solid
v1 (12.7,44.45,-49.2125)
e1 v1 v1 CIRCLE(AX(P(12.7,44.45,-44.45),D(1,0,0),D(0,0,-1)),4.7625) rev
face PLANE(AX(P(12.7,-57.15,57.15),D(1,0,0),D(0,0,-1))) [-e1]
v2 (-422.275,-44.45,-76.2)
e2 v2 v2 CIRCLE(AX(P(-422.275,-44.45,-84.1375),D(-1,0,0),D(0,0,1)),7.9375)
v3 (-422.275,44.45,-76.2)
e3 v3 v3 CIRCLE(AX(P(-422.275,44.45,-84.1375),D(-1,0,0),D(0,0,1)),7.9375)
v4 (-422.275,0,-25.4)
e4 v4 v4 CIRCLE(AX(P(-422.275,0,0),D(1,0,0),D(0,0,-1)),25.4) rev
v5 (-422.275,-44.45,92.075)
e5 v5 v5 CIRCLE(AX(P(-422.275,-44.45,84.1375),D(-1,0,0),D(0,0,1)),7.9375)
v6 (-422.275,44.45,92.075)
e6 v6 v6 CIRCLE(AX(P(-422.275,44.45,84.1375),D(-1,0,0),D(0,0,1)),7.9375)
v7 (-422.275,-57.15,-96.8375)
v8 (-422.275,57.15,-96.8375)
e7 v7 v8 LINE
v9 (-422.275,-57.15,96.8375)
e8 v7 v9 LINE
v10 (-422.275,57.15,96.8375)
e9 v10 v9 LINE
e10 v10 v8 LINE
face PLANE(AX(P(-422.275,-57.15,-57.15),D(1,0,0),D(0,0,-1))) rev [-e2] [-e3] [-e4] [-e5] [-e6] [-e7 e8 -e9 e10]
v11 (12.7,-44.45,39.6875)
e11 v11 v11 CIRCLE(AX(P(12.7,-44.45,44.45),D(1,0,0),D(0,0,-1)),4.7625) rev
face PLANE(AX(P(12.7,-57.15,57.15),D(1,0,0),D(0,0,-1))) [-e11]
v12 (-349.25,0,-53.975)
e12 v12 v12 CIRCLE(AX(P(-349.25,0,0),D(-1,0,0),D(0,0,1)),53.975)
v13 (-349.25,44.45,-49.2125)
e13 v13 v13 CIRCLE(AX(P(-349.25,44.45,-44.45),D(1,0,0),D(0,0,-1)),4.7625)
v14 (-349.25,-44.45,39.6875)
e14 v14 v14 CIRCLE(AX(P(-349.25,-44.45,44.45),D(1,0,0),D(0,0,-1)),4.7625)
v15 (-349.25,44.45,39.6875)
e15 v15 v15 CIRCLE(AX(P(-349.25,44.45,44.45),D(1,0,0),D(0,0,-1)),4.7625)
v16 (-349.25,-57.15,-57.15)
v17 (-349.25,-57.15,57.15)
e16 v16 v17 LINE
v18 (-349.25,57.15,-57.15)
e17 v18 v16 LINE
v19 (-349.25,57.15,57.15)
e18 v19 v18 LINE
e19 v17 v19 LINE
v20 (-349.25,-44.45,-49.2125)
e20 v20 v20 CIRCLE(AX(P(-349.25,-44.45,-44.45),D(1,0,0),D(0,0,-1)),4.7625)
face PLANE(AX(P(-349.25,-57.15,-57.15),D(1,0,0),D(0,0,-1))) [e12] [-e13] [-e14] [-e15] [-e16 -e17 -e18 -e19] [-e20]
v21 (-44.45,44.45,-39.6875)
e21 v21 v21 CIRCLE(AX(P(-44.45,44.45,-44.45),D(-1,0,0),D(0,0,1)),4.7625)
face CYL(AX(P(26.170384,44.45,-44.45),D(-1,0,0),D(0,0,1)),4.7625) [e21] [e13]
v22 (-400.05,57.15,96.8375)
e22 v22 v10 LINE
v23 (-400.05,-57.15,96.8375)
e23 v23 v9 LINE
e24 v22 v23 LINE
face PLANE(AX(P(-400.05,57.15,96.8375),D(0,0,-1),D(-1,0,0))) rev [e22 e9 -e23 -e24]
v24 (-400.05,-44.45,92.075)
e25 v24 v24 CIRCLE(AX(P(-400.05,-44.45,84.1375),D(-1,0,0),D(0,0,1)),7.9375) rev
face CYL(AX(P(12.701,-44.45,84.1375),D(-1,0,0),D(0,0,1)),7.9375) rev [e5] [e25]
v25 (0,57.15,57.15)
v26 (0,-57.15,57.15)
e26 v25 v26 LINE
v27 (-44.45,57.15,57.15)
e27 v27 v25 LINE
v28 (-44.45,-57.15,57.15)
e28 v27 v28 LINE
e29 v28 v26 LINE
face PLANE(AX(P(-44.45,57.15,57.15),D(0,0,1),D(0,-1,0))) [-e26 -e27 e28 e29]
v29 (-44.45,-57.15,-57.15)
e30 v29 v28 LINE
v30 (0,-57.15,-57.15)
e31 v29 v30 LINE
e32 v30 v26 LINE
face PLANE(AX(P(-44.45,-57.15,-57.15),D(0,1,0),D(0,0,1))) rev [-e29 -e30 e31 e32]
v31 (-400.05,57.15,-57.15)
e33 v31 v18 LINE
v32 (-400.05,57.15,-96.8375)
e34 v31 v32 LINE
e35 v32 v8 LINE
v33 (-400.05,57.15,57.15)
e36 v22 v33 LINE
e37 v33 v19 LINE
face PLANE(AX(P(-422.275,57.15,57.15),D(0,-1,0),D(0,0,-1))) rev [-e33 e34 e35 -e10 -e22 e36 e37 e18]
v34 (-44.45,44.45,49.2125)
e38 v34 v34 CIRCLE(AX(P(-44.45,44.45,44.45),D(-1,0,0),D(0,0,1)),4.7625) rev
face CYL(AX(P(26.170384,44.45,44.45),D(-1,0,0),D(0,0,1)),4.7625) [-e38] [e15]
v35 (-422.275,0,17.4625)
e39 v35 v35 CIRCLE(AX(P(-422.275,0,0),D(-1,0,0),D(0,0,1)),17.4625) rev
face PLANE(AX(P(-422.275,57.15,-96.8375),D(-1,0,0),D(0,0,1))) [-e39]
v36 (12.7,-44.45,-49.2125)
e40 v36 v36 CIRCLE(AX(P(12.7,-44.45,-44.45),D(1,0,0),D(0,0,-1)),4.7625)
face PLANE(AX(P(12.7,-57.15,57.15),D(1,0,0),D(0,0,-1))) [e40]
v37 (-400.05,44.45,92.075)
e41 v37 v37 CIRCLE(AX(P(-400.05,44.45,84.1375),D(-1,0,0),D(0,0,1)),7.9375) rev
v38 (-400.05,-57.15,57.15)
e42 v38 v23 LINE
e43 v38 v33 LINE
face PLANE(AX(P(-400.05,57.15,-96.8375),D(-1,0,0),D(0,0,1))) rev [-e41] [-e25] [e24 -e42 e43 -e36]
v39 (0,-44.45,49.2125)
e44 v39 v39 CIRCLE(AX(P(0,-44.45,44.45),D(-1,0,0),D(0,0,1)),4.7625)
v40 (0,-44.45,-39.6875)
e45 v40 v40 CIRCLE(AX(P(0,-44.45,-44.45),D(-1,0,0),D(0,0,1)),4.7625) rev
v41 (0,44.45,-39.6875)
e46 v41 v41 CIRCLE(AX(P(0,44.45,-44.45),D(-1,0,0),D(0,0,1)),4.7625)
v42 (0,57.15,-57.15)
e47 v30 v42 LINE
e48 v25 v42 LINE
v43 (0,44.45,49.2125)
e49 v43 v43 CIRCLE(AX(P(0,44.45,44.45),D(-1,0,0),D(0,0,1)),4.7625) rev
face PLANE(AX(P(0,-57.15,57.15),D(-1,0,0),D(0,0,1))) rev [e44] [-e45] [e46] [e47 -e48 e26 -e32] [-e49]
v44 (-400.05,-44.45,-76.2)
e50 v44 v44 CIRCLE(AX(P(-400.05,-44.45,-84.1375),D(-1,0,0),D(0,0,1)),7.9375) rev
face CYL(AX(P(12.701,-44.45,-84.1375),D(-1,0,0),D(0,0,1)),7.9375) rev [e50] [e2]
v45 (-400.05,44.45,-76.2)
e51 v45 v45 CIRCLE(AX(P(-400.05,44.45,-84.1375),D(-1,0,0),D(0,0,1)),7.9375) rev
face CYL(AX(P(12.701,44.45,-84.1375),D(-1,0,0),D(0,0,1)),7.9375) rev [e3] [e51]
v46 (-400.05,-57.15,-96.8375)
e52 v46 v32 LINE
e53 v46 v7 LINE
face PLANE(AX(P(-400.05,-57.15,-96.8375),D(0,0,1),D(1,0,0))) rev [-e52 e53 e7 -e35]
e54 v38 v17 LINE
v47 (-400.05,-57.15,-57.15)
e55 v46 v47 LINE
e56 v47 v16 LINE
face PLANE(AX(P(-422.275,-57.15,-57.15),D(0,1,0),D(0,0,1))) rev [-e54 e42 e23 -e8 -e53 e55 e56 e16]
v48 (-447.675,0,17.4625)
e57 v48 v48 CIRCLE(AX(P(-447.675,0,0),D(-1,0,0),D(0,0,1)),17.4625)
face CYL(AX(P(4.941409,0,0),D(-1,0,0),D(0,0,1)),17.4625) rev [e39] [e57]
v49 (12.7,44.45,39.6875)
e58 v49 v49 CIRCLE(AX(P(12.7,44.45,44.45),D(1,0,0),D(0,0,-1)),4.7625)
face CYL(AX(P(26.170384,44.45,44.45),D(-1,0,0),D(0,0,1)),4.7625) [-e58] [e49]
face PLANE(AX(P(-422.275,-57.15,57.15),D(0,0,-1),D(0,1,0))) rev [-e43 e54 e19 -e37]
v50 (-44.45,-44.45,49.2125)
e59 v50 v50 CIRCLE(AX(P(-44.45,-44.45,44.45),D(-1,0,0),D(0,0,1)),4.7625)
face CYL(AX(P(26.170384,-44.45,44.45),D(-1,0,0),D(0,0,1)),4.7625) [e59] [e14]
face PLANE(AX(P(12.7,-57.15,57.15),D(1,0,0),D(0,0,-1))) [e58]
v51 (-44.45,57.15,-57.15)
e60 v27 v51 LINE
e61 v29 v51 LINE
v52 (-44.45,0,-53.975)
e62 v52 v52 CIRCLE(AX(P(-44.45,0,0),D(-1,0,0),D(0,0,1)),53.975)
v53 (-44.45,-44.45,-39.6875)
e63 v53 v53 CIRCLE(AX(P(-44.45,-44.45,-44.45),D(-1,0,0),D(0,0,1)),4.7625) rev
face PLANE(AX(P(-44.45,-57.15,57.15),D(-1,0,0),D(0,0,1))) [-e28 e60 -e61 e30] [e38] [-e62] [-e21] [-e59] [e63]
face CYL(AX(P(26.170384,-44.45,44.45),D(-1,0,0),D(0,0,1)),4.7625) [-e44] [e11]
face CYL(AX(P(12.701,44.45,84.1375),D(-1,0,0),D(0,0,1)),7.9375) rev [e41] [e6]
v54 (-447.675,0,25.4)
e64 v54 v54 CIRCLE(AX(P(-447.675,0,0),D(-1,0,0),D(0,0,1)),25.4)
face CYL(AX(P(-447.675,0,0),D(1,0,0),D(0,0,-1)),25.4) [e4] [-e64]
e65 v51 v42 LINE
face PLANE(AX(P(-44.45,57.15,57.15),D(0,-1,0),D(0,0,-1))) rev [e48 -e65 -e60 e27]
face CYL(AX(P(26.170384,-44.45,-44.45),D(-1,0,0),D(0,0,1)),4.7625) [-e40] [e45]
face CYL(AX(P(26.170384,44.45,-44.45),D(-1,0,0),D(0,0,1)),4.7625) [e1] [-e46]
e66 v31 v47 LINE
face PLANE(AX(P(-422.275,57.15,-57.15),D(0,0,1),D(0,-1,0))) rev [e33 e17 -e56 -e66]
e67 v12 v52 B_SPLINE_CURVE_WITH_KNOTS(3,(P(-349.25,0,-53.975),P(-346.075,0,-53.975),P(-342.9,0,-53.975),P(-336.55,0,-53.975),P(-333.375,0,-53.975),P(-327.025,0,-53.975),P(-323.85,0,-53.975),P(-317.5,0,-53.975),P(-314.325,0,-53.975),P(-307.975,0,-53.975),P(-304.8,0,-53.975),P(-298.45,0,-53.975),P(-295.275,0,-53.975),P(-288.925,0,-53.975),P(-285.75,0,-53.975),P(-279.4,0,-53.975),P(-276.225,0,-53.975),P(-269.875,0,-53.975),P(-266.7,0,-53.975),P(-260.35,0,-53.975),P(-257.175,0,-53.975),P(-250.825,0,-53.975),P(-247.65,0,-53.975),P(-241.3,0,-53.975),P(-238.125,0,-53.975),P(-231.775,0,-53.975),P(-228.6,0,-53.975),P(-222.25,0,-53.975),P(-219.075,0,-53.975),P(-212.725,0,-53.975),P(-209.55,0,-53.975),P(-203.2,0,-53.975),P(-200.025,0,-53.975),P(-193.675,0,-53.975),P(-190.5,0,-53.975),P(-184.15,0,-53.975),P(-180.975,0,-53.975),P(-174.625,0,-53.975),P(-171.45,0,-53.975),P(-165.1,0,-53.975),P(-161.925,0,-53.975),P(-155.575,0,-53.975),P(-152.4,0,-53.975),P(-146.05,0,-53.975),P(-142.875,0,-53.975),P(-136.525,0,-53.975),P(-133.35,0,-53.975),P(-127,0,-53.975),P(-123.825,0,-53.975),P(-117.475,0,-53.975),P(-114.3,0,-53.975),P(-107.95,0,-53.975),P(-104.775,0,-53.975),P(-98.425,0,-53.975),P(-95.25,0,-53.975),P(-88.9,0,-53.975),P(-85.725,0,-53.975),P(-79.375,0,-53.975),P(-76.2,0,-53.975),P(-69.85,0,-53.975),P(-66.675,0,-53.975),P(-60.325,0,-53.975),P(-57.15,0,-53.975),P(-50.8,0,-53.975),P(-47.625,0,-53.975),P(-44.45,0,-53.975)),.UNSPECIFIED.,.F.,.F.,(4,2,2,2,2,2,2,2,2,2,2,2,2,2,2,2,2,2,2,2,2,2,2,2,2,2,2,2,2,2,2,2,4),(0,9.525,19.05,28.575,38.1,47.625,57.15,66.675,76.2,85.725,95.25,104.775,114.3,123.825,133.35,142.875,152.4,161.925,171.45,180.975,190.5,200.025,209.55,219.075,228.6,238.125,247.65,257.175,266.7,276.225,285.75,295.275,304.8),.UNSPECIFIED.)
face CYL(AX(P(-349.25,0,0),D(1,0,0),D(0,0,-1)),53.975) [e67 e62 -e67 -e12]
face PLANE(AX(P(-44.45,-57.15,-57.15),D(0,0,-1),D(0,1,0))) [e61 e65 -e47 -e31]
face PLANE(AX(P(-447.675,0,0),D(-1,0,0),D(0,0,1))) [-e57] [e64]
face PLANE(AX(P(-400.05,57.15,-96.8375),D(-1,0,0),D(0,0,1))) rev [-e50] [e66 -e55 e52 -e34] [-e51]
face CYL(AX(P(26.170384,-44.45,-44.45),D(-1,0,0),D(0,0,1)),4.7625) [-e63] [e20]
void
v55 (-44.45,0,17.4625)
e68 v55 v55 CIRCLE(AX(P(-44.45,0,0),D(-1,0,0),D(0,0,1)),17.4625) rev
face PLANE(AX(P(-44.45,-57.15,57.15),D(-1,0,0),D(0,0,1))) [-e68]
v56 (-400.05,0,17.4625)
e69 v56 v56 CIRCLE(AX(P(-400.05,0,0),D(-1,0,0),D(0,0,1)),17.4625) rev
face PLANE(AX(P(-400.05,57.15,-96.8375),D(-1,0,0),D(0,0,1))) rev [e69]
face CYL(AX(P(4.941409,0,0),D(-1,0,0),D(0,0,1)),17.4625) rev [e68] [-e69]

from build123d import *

# Parameters (mm, degrees)
SKETCH1_W            = 114.3
SKETCH1_H            = 114.3
BASE_EXTRUDE_DEPTH   = 44.45
SKETCH2_R            = 53.975
BOSS_EXTRUDE1_DEPTH  = 304.8
SKETCH3_W            = 114.3
SKETCH3_H            = 114.3
BOSS_EXTRUDE2_DEPTH  = 73.025
SKETCH4_R            = 25.4
BOSS_EXTRUDE3_DEPTH  = 25.4
CUT_EXTRUDE1_START   = -403.225
SKETCH5_R            = 17.4625
CUT_EXTRUDE1_DEPTH   = 403.225
SKETCH6_R            = 4.7625
BOSS_EXTRUDE4_DEPTH  = 361.95
SKETCH7_W            = 193.675
SKETCH7_H            = 114.3
BOSS_EXTRUDE5_DEPTH  = 22.225
CUT_EXTRUDE2_REACH   = 451.274
SKETCH8_R            = 7.9375
LPATTERN2_COUNT      = 2
LPATTERN2_PITCH      = 168.275
LPATTERN2_COUNT_DIR2 = 2
LPATTERN2_PITCH_DIR2 = 88.9


with BuildPart() as part:
    # Sketch1 → Base-Extrude (new body)
    with BuildSketch(Plane(origin=(0, 0, 0), x_dir=(0, 0, -1), z_dir=(1, 0, 0))):
        Rectangle(SKETCH1_W, SKETCH1_H)
    extrude(amount=-BASE_EXTRUDE_DEPTH)

    # Sketch2 → Boss-Extrude1 (add)
    with BuildSketch(Plane.ZY.offset(44.45)):
        with Locations(Location((0, 0, 0), (0, 0, 180))):
            Circle(SKETCH2_R)
    extrude(amount=BOSS_EXTRUDE1_DEPTH)

    # Sketch3 → Boss-Extrude2 (add)
    with BuildSketch(Plane.ZY.offset(349.25)):
        Rectangle(SKETCH3_W, SKETCH3_H)
    extrude(amount=BOSS_EXTRUDE2_DEPTH)

    # Sketch4 → Boss-Extrude3 (add)
    with BuildSketch(Plane.ZY.offset(422.275)):
        with Locations(Location((0, 0, 0), (0, 0, 180))):
            Circle(SKETCH4_R)
    extrude(amount=BOSS_EXTRUDE3_DEPTH)

    # Sketch5 → Cut-Extrude1 (cut)
    with BuildSketch(Plane.ZY.offset(447.675).offset(CUT_EXTRUDE1_START)):
        Circle(SKETCH5_R)
    extrude(amount=CUT_EXTRUDE1_DEPTH, mode=Mode.SUBTRACT)

    # Sketch6 → Boss-Extrude4 (add)
    with BuildSketch(Plane(origin=(-349.25, 0, 0), x_dir=(0, 0, -1), z_dir=(1, 0, 0))):
        with Locations(Location((-44.45, 44.45, 0), (0, 0, 180))):
            Circle(SKETCH6_R)
        with Locations(Location((44.45, 44.45, 0), (0, 0, 180))):
            Circle(SKETCH6_R)
        with Locations(Location((44.45, -44.45, 0), (0, 0, 180))):
            Circle(SKETCH6_R)
        with Locations(Location((-44.45, -44.45, 0), (0, 0, 180))):
            Circle(SKETCH6_R)
    extrude(amount=BOSS_EXTRUDE4_DEPTH)

    # Sketch7 → Boss-Extrude5 (add)
    with BuildSketch(Plane.ZY.offset(422.275)):
        Rectangle(SKETCH7_W, SKETCH7_H)
    extrude(amount=-BOSS_EXTRUDE5_DEPTH)

    # Sketch8 → Cut-Extrude2 (cut, up to next)
    with BuildSketch(Plane.ZY.offset(422.275), mode=Mode.PRIVATE) as cut_extrude2_sk1:
        with Locations((84.1375, -44.45)):
            Circle(SKETCH8_R)
    cut_extrude2_tool1 = extrude(cut_extrude2_sk1.sketch, amount=-CUT_EXTRUDE2_REACH, mode=Mode.PRIVATE) & part.part
    cut_extrude2 = cut_extrude2_tool1.solids().sort_by_distance((-422.275, -44.45, 84.1375))[0]
    add(cut_extrude2, mode=Mode.SUBTRACT)

    # LPattern2: Cut-Extrude2 2 × 2
    with Locations(*[(0, j * LPATTERN2_PITCH_DIR2, -i * LPATTERN2_PITCH) for i in range(LPATTERN2_COUNT) for j in range(LPATTERN2_COUNT_DIR2) if (i, j) != (0, 0)]):
        add(cut_extrude2, mode=Mode.SUBTRACT)


solid = part.part
